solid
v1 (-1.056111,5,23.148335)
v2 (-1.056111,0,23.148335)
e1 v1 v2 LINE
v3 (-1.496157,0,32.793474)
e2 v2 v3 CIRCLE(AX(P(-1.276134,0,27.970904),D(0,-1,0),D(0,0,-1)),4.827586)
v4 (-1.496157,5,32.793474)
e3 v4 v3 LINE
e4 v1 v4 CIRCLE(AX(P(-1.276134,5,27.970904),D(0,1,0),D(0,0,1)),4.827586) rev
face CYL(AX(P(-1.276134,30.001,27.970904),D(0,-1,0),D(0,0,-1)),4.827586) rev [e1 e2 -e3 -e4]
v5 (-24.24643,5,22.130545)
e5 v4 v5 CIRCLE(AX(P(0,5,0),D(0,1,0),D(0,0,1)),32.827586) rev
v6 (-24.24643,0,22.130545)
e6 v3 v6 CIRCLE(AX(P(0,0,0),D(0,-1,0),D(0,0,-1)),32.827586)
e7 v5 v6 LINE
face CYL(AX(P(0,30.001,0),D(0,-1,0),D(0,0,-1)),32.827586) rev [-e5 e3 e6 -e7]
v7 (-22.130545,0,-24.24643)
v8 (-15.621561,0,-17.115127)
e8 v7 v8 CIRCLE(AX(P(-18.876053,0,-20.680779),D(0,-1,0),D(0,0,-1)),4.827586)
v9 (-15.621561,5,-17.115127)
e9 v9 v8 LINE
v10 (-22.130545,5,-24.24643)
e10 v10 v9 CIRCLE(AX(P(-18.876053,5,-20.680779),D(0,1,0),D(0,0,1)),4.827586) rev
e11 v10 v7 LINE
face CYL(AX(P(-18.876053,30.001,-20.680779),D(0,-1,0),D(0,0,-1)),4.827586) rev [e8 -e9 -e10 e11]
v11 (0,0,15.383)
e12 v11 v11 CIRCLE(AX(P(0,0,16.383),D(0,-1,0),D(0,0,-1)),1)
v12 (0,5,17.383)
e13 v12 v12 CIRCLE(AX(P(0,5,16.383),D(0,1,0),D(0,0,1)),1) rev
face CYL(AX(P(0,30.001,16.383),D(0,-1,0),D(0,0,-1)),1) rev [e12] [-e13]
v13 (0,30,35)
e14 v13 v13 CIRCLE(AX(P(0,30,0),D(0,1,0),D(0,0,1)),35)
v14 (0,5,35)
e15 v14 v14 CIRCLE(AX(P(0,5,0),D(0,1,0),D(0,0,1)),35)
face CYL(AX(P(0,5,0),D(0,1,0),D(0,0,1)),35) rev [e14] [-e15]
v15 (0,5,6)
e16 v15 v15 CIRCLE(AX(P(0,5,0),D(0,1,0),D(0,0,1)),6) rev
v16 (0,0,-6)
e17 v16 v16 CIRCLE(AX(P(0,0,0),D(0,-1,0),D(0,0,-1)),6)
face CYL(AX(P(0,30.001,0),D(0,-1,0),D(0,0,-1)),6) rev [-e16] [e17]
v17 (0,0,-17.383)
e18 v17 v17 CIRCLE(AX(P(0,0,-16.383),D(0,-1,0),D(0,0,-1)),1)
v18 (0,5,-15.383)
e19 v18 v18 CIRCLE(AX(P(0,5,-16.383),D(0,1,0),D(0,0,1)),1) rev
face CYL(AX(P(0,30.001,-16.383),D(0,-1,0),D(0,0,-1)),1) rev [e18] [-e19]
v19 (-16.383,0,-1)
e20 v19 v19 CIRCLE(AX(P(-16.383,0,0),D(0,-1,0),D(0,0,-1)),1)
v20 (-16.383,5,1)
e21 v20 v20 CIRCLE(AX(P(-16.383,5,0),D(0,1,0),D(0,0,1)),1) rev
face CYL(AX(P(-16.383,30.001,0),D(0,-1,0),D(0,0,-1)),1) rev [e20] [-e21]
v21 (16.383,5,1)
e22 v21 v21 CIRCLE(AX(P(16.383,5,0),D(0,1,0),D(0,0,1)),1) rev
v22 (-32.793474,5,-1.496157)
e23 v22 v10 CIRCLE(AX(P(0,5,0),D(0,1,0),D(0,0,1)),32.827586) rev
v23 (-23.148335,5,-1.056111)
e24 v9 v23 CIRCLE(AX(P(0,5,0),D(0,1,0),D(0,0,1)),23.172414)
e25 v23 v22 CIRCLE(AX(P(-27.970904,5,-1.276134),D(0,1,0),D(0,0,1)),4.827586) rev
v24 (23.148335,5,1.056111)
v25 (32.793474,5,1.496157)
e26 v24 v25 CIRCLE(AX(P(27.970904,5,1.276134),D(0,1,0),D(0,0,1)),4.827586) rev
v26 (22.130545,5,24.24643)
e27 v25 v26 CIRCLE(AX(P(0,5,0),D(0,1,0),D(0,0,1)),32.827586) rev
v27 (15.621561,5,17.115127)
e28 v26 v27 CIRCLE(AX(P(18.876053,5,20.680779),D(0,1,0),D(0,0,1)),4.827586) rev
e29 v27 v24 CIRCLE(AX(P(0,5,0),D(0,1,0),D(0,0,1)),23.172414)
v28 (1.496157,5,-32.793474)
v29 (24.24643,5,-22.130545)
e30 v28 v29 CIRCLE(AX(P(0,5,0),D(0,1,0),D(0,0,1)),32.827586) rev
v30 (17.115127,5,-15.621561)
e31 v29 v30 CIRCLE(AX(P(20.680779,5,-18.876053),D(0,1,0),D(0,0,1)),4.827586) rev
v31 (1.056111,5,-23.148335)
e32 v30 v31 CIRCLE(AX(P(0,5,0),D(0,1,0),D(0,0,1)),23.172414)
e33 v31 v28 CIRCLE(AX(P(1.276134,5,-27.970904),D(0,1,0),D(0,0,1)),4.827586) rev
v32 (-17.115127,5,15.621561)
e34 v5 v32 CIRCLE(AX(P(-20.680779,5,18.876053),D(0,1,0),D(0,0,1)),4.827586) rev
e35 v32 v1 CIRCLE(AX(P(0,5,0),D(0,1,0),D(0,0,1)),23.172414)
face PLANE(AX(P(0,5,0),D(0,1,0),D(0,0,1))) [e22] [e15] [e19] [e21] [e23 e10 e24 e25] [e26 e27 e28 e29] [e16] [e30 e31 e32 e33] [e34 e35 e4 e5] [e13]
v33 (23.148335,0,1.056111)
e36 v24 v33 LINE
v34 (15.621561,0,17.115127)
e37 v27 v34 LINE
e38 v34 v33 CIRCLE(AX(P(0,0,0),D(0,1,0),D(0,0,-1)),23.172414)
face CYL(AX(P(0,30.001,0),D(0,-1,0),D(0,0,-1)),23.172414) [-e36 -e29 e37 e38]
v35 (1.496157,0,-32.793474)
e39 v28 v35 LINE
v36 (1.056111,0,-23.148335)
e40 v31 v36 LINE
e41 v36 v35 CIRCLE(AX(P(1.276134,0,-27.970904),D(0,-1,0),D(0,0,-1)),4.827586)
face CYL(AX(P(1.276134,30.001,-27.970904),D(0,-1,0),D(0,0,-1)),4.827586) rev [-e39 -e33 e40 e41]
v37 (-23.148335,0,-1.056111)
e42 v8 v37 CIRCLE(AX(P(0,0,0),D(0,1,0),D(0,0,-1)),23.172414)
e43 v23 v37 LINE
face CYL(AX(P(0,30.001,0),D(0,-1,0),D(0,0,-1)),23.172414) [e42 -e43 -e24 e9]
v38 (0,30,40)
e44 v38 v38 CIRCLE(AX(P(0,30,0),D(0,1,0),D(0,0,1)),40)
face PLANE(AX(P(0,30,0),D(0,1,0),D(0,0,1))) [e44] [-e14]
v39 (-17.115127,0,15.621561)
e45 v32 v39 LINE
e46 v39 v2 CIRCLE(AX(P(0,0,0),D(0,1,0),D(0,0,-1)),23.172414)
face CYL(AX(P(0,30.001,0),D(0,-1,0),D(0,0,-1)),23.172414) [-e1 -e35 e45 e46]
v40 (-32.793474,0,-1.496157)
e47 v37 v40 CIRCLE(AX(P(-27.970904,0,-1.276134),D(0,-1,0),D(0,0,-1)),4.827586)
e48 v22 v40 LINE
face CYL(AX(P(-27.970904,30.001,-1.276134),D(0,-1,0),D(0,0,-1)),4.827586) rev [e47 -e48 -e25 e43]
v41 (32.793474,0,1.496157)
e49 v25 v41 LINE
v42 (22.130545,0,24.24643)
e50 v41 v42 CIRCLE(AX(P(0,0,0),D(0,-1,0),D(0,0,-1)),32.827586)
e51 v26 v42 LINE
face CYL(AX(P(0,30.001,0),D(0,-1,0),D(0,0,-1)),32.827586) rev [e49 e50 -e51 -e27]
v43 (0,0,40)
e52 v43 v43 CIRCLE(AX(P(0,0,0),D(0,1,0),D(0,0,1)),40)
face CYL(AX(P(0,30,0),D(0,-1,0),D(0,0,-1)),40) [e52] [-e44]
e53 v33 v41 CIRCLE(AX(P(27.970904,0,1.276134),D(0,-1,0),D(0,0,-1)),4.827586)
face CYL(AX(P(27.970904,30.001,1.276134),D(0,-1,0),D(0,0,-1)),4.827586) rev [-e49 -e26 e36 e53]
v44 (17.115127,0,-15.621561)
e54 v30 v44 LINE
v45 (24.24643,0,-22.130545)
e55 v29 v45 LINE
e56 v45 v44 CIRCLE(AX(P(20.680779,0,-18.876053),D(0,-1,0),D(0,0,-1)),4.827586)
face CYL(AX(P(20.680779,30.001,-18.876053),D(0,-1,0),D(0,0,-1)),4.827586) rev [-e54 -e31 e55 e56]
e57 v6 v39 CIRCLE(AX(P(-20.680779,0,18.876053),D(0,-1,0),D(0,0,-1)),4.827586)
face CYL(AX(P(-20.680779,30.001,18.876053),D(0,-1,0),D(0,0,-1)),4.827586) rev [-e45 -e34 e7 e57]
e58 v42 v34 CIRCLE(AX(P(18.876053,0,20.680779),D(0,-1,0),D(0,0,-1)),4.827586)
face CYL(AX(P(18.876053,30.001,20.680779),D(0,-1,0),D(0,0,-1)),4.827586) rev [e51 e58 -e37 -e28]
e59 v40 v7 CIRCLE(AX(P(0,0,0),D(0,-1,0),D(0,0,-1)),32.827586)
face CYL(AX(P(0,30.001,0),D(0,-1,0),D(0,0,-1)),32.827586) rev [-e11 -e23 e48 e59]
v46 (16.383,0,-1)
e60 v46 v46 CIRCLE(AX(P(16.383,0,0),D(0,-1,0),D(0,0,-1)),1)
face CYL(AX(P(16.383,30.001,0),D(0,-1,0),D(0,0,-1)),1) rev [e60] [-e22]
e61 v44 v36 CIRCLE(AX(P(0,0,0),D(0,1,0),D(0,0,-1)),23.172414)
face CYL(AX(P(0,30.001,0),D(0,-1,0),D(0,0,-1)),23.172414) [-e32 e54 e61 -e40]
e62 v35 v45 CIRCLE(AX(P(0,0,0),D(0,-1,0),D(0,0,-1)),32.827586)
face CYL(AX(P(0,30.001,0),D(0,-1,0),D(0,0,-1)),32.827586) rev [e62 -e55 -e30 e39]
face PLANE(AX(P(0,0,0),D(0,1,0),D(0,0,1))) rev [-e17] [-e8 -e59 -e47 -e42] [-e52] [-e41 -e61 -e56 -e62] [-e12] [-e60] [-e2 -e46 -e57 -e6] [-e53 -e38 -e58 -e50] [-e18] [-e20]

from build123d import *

# Parameters (mm, degrees)
SKETCH1_R           = 40
BOSS_EXTRUDE1_DEPTH = 30
SKETCH2_R           = 35
CUT_EXTRUDE1_DEPTH  = 25
CUT_EXTRUDE2_REACH  = 66.031
SKETCH4_R           = 6
SKETCH4_R_2         = 1


with BuildPart() as part:
    # Sketch1 → Boss-Extrude1 (new body)
    with BuildSketch(Plane(origin=(0, 0, 0), x_dir=(1, 0, 0), z_dir=(0, 1, 0))):
        with Locations(Location((0, 0, 0), (0, 0, 270))):
            Circle(SKETCH1_R)
    extrude(amount=BOSS_EXTRUDE1_DEPTH)

    # Sketch2 → Cut-Extrude1 (cut)
    with BuildSketch(Plane(origin=(0, 30, 0), x_dir=(1, 0, 0), z_dir=(0, 1, 0))):
        with Locations(Location((0, 0, 0), (0, 0, 270))):
            Circle(SKETCH2_R)
    extrude(amount=-CUT_EXTRUDE1_DEPTH, mode=Mode.SUBTRACT)

    # Sketch4 → Cut-Extrude2 (cut, up to next)
    with BuildSketch(Plane.XZ, mode=Mode.PRIVATE) as cut_extrude2_sk1:
        with Locations(Location((0, 0, 0), (0, 0, 270))):
            Circle(SKETCH4_R)
    cut_extrude2_tool1 = extrude(cut_extrude2_sk1.sketch, amount=-CUT_EXTRUDE2_REACH, mode=Mode.PRIVATE) & part.part
    # Sketch4 → Cut-Extrude2 (cut, up to next)
    with BuildSketch(Plane.XZ, mode=Mode.PRIVATE) as cut_extrude2_sk2:
        with Locations(Location((0, 16.383, 0), (0, 0, 270))):
            Circle(SKETCH4_R_2)
    cut_extrude2_tool2 = extrude(cut_extrude2_sk2.sketch, amount=-CUT_EXTRUDE2_REACH, mode=Mode.PRIVATE) & part.part
    # Sketch4 → Cut-Extrude2 (cut, up to next)
    with BuildSketch(Plane.XZ, mode=Mode.PRIVATE) as cut_extrude2_sk3:
        with Locations(Location((-16.383, 0, 0), (0, 0, 270))):
            Circle(SKETCH4_R_2)
    cut_extrude2_tool3 = extrude(cut_extrude2_sk3.sketch, amount=-CUT_EXTRUDE2_REACH, mode=Mode.PRIVATE) & part.part
    # Sketch4 → Cut-Extrude2 (cut, up to next)
    with BuildSketch(Plane.XZ, mode=Mode.PRIVATE) as cut_extrude2_sk4:
        with Locations(Location((16.383, 0, 0), (0, 0, 270))):
            Circle(SKETCH4_R_2)
    cut_extrude2_tool4 = extrude(cut_extrude2_sk4.sketch, amount=-CUT_EXTRUDE2_REACH, mode=Mode.PRIVATE) & part.part
    # Sketch4 → Cut-Extrude2 (cut, up to next)
    with BuildSketch(Plane.XZ, mode=Mode.PRIVATE) as cut_extrude2_sk5:
        with Locations(Location((0, -16.383, 0), (0, 0, 270))):
            Circle(SKETCH4_R_2)
    cut_extrude2_tool5 = extrude(cut_extrude2_sk5.sketch, amount=-CUT_EXTRUDE2_REACH, mode=Mode.PRIVATE) & part.part
    # Sketch4 → Cut-Extrude2 (cut, up to next)
    with BuildSketch(Plane.XZ, mode=Mode.PRIVATE) as cut_extrude2_sk6:
        with BuildLine():
            ThreePointArc((-1.496156575, 32.793473919), (-13.931787596, 29.72466502), (-24.246430247, 22.130545327))
            ThreePointArc((-24.246430247, 22.130545327), (-23.9352707, 15.31040186), (-17.115127233, 15.621561407))
            ThreePointArc((-17.115127233, 15.621561407), (-9.834203009, 20.982116485), (-1.056110524, 23.148334531))
            ThreePointArc((-1.056110524, 23.148334531), (3.546436145, 28.190927251), (-1.496156575, 32.793473919))
        make_face()
    cut_extrude2_tool6 = extrude(cut_extrude2_sk6.sketch, amount=-CUT_EXTRUDE2_REACH, mode=Mode.PRIVATE) & part.part
    # Sketch4 → Cut-Extrude2 (cut, up to next)
    with BuildSketch(Plane.XZ, mode=Mode.PRIVATE) as cut_extrude2_sk7:
        with BuildLine():
            ThreePointArc((32.793473919, 1.496156575), (29.72466502, 13.931787596), (22.130545327, 24.246430247))
            ThreePointArc((22.130545327, 24.246430247), (15.31040186, 23.9352707), (15.621561407, 17.115127233))
            ThreePointArc((15.621561407, 17.115127233), (20.982116485, 9.834203009), (23.148334531, 1.056110524))
            ThreePointArc((23.148334531, 1.056110524), (28.190927251, -3.546436145), (32.793473919, 1.496156575))
        make_face()
    cut_extrude2_tool7 = extrude(cut_extrude2_sk7.sketch, amount=-CUT_EXTRUDE2_REACH, mode=Mode.PRIVATE) & part.part
    # Sketch4 → Cut-Extrude2 (cut, up to next)
    with BuildSketch(Plane.XZ, mode=Mode.PRIVATE) as cut_extrude2_sk8:
        with BuildLine():
            ThreePointArc((1.496156575, -32.793473919), (13.931787596, -29.72466502), (24.246430247, -22.130545327))
            ThreePointArc((24.246430247, -22.130545327), (23.9352707, -15.31040186), (17.115127233, -15.621561407))
            ThreePointArc((17.115127233, -15.621561407), (9.834203009, -20.982116485), (1.056110524, -23.148334531))
            ThreePointArc((1.056110524, -23.148334531), (-3.546436145, -28.190927251), (1.496156575, -32.793473919))
        make_face()
    cut_extrude2_tool8 = extrude(cut_extrude2_sk8.sketch, amount=-CUT_EXTRUDE2_REACH, mode=Mode.PRIVATE) & part.part
    # Sketch4 → Cut-Extrude2 (cut, up to next)
    with BuildSketch(Plane.XZ, mode=Mode.PRIVATE) as cut_extrude2_sk9:
        with BuildLine():
            ThreePointArc((-32.793473919, -1.496156575), (-29.72466502, -13.931787596), (-22.130545327, -24.246430247))
            ThreePointArc((-22.130545327, -24.246430247), (-15.31040186, -23.9352707), (-15.621561407, -17.115127233))
            ThreePointArc((-15.621561407, -17.115127233), (-20.982116485, -9.834203009), (-23.148334531, -1.056110524))
            ThreePointArc((-23.148334531, -1.056110524), (-28.190927251, 3.546436145), (-32.793473919, -1.496156575))
        make_face()
    cut_extrude2_tool9 = extrude(cut_extrude2_sk9.sketch, amount=-CUT_EXTRUDE2_REACH, mode=Mode.PRIVATE) & part.part
    add(cut_extrude2_tool1.solids().sort_by_distance((0, 0, 0))[0], mode=Mode.SUBTRACT)
    add(cut_extrude2_tool2.solids().sort_by_distance((0, 0, 16.383))[0], mode=Mode.SUBTRACT)
    add(cut_extrude2_tool3.solids().sort_by_distance((-16.383, 0, 0))[0], mode=Mode.SUBTRACT)
    add(cut_extrude2_tool4.solids().sort_by_distance((16.383, 0, 0))[0], mode=Mode.SUBTRACT)
    add(cut_extrude2_tool5.solids().sort_by_distance((0, 0, -16.383))[0], mode=Mode.SUBTRACT)
    add(cut_extrude2_tool6.solids().sort_by_distance((-11.425701, 0, 24.377715))[0], mode=Mode.SUBTRACT)
    add(cut_extrude2_tool7.solids().sort_by_distance((24.377715, 0, 11.425701))[0], mode=Mode.SUBTRACT)
    add(cut_extrude2_tool8.solids().sort_by_distance((11.425701, 0, -24.377715))[0], mode=Mode.SUBTRACT)
    add(cut_extrude2_tool9.solids().sort_by_distance((-24.377715, 0, -11.425701))[0], mode=Mode.SUBTRACT)


solid = part.part
